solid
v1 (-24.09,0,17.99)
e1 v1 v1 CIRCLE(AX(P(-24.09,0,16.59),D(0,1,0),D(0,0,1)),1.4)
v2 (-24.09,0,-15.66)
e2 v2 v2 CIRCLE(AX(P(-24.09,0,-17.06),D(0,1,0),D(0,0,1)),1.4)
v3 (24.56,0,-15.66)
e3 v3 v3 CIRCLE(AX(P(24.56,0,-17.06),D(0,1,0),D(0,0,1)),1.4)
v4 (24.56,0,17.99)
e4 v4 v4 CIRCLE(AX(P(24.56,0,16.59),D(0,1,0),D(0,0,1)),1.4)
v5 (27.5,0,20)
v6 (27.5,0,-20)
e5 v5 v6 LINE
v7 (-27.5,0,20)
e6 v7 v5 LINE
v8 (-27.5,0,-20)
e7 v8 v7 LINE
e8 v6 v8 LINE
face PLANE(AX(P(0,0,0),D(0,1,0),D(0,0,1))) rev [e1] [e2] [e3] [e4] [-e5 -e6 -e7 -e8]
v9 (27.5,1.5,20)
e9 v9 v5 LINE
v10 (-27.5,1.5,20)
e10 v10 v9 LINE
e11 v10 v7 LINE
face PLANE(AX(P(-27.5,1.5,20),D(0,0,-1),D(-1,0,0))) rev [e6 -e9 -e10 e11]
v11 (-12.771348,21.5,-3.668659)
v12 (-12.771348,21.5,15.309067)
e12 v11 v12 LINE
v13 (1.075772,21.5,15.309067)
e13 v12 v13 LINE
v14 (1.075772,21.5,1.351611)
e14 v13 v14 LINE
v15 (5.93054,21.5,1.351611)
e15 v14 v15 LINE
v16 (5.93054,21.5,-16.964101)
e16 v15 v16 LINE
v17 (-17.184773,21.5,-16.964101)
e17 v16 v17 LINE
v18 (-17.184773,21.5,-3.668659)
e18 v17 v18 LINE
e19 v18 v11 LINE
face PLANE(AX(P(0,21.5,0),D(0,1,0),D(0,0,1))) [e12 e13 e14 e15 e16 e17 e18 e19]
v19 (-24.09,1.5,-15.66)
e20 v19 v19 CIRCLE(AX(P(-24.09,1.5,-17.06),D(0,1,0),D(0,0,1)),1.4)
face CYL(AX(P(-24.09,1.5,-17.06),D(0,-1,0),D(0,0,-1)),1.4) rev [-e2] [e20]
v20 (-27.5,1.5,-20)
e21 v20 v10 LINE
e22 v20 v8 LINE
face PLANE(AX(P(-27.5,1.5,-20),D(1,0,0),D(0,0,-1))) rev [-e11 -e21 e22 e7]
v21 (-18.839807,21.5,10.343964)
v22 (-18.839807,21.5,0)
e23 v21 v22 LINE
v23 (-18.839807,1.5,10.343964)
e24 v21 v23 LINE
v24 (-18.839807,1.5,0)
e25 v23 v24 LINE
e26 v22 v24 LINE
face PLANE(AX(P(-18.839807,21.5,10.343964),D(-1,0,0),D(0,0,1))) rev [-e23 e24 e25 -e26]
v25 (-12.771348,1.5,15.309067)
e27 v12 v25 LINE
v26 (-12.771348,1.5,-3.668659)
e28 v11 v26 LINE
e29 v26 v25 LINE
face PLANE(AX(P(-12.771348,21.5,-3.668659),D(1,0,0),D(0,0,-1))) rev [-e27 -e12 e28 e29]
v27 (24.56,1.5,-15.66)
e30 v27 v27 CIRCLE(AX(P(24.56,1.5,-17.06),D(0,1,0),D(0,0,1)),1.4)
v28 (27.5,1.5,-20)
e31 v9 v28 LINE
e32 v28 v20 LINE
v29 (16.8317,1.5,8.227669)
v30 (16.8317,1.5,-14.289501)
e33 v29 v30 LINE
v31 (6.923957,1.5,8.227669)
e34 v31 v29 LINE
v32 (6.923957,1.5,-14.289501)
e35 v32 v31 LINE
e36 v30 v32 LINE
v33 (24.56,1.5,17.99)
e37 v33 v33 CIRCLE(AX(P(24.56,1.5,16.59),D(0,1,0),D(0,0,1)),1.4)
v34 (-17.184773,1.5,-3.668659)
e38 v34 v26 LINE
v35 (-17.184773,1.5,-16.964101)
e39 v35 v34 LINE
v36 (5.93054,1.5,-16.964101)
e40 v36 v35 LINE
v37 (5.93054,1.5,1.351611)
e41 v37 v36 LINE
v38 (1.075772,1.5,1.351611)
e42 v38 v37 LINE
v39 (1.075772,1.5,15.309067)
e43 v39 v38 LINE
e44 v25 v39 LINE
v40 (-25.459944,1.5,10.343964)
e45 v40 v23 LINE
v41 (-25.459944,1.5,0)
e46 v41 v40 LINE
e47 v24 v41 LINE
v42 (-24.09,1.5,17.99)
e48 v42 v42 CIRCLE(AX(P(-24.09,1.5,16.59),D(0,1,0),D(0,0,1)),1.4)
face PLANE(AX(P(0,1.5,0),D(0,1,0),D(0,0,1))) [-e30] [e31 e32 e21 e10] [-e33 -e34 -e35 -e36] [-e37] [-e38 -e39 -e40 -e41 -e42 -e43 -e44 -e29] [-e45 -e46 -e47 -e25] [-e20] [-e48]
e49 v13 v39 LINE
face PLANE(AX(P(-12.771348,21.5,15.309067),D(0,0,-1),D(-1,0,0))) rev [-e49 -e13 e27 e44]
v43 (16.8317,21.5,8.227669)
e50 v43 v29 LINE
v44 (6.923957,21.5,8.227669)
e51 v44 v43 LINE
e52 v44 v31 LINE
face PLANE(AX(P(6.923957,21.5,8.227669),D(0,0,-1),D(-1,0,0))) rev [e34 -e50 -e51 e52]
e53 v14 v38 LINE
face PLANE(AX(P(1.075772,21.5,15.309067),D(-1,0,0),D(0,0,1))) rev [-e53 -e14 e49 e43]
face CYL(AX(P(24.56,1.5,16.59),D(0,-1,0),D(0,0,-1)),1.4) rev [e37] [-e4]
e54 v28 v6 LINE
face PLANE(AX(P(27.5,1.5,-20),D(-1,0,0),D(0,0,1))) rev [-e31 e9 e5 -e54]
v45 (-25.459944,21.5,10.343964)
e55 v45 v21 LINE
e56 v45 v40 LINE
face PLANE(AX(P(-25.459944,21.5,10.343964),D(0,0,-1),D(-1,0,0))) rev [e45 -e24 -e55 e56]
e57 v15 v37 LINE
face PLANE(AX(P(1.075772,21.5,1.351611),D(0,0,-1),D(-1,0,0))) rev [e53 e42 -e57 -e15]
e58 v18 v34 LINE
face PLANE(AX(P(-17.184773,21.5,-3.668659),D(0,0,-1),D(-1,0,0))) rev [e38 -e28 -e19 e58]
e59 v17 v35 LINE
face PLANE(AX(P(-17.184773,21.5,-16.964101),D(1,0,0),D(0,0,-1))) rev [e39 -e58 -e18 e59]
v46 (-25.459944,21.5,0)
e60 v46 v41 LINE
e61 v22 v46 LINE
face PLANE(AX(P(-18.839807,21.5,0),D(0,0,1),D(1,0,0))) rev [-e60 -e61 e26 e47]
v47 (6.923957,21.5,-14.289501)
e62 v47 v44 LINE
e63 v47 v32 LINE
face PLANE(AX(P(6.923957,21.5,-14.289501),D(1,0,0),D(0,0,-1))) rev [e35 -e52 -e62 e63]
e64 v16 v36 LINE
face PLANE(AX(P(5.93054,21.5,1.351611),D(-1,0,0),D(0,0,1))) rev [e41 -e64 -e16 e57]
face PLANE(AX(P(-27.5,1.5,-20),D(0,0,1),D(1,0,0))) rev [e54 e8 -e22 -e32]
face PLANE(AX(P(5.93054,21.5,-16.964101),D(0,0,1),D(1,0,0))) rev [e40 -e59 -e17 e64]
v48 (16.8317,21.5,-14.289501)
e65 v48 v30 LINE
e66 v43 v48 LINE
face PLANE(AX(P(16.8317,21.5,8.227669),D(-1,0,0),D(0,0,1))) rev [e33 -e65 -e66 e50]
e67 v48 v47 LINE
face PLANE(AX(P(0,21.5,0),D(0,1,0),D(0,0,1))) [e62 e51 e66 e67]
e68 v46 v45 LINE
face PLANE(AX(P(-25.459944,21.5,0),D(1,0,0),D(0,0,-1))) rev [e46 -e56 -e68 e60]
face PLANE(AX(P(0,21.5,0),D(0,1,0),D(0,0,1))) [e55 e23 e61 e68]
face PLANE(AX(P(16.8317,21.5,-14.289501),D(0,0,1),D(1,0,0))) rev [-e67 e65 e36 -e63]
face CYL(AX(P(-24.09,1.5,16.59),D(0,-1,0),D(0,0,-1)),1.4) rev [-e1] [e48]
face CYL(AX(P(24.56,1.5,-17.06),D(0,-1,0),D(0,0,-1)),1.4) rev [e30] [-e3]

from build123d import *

# Parameters (mm, degrees)
SKETCH1_W           = 55
SKETCH1_H           = 40
SKETCH1_R           = 1.4
BOSS_EXTRUDE1_DEPTH = 1.5
SKETCH2_W           = 9.907742448
SKETCH2_H           = 22.517169438
SKETCH2_W_2         = 6.62013717
SKETCH2_H_2         = 10.343964327
BOSS_EXTRUDE2_DEPTH = 20


with BuildPart() as part:
    # Sketch1 → Boss-Extrude1 (new body)
    with BuildSketch(Plane(origin=(0, 0, 0), x_dir=(1, 0, 0), z_dir=(0, 1, 0))):
        Rectangle(SKETCH1_W, SKETCH1_H)
        with Locations(Location((-24.09, 17.06, 0), (0, 0, 270))):
            Circle(SKETCH1_R, mode=Mode.SUBTRACT)
        with Locations(Location((-24.09, -16.59, 0), (0, 0, 270))):
            Circle(SKETCH1_R, mode=Mode.SUBTRACT)
        with Locations(Location((24.56, -16.59, 0), (0, 0, 270))):
            Circle(SKETCH1_R, mode=Mode.SUBTRACT)
        with Locations(Location((24.56, 17.06, 0), (0, 0, 270))):
            Circle(SKETCH1_R, mode=Mode.SUBTRACT)
    extrude(amount=BOSS_EXTRUDE1_DEPTH)

    # Sketch2 → Boss-Extrude2 (add)
    with BuildSketch(Plane(origin=(0, 1.5, 0), x_dir=(1, 0, 0), z_dir=(0, 1, 0))):
        with Locations((11.877828391, 3.030915981)):
            Rectangle(SKETCH2_W, SKETCH2_H)
        Polygon((5.930539548, 16.964101497), (-17.184772736, 16.964101497), (-17.184772736, 3.668659348), (-12.771347956, 3.668659348), (-12.771347956, -15.309067205), (1.07577229, -15.309067205), (1.07577229, -1.351611339), (5.930539548, -1.351611339), align=None)
        with Locations((-22.149875613, -5.171982164)):
            Rectangle(SKETCH2_W_2, SKETCH2_H_2)
    extrude(amount=BOSS_EXTRUDE2_DEPTH)


solid = part.part
